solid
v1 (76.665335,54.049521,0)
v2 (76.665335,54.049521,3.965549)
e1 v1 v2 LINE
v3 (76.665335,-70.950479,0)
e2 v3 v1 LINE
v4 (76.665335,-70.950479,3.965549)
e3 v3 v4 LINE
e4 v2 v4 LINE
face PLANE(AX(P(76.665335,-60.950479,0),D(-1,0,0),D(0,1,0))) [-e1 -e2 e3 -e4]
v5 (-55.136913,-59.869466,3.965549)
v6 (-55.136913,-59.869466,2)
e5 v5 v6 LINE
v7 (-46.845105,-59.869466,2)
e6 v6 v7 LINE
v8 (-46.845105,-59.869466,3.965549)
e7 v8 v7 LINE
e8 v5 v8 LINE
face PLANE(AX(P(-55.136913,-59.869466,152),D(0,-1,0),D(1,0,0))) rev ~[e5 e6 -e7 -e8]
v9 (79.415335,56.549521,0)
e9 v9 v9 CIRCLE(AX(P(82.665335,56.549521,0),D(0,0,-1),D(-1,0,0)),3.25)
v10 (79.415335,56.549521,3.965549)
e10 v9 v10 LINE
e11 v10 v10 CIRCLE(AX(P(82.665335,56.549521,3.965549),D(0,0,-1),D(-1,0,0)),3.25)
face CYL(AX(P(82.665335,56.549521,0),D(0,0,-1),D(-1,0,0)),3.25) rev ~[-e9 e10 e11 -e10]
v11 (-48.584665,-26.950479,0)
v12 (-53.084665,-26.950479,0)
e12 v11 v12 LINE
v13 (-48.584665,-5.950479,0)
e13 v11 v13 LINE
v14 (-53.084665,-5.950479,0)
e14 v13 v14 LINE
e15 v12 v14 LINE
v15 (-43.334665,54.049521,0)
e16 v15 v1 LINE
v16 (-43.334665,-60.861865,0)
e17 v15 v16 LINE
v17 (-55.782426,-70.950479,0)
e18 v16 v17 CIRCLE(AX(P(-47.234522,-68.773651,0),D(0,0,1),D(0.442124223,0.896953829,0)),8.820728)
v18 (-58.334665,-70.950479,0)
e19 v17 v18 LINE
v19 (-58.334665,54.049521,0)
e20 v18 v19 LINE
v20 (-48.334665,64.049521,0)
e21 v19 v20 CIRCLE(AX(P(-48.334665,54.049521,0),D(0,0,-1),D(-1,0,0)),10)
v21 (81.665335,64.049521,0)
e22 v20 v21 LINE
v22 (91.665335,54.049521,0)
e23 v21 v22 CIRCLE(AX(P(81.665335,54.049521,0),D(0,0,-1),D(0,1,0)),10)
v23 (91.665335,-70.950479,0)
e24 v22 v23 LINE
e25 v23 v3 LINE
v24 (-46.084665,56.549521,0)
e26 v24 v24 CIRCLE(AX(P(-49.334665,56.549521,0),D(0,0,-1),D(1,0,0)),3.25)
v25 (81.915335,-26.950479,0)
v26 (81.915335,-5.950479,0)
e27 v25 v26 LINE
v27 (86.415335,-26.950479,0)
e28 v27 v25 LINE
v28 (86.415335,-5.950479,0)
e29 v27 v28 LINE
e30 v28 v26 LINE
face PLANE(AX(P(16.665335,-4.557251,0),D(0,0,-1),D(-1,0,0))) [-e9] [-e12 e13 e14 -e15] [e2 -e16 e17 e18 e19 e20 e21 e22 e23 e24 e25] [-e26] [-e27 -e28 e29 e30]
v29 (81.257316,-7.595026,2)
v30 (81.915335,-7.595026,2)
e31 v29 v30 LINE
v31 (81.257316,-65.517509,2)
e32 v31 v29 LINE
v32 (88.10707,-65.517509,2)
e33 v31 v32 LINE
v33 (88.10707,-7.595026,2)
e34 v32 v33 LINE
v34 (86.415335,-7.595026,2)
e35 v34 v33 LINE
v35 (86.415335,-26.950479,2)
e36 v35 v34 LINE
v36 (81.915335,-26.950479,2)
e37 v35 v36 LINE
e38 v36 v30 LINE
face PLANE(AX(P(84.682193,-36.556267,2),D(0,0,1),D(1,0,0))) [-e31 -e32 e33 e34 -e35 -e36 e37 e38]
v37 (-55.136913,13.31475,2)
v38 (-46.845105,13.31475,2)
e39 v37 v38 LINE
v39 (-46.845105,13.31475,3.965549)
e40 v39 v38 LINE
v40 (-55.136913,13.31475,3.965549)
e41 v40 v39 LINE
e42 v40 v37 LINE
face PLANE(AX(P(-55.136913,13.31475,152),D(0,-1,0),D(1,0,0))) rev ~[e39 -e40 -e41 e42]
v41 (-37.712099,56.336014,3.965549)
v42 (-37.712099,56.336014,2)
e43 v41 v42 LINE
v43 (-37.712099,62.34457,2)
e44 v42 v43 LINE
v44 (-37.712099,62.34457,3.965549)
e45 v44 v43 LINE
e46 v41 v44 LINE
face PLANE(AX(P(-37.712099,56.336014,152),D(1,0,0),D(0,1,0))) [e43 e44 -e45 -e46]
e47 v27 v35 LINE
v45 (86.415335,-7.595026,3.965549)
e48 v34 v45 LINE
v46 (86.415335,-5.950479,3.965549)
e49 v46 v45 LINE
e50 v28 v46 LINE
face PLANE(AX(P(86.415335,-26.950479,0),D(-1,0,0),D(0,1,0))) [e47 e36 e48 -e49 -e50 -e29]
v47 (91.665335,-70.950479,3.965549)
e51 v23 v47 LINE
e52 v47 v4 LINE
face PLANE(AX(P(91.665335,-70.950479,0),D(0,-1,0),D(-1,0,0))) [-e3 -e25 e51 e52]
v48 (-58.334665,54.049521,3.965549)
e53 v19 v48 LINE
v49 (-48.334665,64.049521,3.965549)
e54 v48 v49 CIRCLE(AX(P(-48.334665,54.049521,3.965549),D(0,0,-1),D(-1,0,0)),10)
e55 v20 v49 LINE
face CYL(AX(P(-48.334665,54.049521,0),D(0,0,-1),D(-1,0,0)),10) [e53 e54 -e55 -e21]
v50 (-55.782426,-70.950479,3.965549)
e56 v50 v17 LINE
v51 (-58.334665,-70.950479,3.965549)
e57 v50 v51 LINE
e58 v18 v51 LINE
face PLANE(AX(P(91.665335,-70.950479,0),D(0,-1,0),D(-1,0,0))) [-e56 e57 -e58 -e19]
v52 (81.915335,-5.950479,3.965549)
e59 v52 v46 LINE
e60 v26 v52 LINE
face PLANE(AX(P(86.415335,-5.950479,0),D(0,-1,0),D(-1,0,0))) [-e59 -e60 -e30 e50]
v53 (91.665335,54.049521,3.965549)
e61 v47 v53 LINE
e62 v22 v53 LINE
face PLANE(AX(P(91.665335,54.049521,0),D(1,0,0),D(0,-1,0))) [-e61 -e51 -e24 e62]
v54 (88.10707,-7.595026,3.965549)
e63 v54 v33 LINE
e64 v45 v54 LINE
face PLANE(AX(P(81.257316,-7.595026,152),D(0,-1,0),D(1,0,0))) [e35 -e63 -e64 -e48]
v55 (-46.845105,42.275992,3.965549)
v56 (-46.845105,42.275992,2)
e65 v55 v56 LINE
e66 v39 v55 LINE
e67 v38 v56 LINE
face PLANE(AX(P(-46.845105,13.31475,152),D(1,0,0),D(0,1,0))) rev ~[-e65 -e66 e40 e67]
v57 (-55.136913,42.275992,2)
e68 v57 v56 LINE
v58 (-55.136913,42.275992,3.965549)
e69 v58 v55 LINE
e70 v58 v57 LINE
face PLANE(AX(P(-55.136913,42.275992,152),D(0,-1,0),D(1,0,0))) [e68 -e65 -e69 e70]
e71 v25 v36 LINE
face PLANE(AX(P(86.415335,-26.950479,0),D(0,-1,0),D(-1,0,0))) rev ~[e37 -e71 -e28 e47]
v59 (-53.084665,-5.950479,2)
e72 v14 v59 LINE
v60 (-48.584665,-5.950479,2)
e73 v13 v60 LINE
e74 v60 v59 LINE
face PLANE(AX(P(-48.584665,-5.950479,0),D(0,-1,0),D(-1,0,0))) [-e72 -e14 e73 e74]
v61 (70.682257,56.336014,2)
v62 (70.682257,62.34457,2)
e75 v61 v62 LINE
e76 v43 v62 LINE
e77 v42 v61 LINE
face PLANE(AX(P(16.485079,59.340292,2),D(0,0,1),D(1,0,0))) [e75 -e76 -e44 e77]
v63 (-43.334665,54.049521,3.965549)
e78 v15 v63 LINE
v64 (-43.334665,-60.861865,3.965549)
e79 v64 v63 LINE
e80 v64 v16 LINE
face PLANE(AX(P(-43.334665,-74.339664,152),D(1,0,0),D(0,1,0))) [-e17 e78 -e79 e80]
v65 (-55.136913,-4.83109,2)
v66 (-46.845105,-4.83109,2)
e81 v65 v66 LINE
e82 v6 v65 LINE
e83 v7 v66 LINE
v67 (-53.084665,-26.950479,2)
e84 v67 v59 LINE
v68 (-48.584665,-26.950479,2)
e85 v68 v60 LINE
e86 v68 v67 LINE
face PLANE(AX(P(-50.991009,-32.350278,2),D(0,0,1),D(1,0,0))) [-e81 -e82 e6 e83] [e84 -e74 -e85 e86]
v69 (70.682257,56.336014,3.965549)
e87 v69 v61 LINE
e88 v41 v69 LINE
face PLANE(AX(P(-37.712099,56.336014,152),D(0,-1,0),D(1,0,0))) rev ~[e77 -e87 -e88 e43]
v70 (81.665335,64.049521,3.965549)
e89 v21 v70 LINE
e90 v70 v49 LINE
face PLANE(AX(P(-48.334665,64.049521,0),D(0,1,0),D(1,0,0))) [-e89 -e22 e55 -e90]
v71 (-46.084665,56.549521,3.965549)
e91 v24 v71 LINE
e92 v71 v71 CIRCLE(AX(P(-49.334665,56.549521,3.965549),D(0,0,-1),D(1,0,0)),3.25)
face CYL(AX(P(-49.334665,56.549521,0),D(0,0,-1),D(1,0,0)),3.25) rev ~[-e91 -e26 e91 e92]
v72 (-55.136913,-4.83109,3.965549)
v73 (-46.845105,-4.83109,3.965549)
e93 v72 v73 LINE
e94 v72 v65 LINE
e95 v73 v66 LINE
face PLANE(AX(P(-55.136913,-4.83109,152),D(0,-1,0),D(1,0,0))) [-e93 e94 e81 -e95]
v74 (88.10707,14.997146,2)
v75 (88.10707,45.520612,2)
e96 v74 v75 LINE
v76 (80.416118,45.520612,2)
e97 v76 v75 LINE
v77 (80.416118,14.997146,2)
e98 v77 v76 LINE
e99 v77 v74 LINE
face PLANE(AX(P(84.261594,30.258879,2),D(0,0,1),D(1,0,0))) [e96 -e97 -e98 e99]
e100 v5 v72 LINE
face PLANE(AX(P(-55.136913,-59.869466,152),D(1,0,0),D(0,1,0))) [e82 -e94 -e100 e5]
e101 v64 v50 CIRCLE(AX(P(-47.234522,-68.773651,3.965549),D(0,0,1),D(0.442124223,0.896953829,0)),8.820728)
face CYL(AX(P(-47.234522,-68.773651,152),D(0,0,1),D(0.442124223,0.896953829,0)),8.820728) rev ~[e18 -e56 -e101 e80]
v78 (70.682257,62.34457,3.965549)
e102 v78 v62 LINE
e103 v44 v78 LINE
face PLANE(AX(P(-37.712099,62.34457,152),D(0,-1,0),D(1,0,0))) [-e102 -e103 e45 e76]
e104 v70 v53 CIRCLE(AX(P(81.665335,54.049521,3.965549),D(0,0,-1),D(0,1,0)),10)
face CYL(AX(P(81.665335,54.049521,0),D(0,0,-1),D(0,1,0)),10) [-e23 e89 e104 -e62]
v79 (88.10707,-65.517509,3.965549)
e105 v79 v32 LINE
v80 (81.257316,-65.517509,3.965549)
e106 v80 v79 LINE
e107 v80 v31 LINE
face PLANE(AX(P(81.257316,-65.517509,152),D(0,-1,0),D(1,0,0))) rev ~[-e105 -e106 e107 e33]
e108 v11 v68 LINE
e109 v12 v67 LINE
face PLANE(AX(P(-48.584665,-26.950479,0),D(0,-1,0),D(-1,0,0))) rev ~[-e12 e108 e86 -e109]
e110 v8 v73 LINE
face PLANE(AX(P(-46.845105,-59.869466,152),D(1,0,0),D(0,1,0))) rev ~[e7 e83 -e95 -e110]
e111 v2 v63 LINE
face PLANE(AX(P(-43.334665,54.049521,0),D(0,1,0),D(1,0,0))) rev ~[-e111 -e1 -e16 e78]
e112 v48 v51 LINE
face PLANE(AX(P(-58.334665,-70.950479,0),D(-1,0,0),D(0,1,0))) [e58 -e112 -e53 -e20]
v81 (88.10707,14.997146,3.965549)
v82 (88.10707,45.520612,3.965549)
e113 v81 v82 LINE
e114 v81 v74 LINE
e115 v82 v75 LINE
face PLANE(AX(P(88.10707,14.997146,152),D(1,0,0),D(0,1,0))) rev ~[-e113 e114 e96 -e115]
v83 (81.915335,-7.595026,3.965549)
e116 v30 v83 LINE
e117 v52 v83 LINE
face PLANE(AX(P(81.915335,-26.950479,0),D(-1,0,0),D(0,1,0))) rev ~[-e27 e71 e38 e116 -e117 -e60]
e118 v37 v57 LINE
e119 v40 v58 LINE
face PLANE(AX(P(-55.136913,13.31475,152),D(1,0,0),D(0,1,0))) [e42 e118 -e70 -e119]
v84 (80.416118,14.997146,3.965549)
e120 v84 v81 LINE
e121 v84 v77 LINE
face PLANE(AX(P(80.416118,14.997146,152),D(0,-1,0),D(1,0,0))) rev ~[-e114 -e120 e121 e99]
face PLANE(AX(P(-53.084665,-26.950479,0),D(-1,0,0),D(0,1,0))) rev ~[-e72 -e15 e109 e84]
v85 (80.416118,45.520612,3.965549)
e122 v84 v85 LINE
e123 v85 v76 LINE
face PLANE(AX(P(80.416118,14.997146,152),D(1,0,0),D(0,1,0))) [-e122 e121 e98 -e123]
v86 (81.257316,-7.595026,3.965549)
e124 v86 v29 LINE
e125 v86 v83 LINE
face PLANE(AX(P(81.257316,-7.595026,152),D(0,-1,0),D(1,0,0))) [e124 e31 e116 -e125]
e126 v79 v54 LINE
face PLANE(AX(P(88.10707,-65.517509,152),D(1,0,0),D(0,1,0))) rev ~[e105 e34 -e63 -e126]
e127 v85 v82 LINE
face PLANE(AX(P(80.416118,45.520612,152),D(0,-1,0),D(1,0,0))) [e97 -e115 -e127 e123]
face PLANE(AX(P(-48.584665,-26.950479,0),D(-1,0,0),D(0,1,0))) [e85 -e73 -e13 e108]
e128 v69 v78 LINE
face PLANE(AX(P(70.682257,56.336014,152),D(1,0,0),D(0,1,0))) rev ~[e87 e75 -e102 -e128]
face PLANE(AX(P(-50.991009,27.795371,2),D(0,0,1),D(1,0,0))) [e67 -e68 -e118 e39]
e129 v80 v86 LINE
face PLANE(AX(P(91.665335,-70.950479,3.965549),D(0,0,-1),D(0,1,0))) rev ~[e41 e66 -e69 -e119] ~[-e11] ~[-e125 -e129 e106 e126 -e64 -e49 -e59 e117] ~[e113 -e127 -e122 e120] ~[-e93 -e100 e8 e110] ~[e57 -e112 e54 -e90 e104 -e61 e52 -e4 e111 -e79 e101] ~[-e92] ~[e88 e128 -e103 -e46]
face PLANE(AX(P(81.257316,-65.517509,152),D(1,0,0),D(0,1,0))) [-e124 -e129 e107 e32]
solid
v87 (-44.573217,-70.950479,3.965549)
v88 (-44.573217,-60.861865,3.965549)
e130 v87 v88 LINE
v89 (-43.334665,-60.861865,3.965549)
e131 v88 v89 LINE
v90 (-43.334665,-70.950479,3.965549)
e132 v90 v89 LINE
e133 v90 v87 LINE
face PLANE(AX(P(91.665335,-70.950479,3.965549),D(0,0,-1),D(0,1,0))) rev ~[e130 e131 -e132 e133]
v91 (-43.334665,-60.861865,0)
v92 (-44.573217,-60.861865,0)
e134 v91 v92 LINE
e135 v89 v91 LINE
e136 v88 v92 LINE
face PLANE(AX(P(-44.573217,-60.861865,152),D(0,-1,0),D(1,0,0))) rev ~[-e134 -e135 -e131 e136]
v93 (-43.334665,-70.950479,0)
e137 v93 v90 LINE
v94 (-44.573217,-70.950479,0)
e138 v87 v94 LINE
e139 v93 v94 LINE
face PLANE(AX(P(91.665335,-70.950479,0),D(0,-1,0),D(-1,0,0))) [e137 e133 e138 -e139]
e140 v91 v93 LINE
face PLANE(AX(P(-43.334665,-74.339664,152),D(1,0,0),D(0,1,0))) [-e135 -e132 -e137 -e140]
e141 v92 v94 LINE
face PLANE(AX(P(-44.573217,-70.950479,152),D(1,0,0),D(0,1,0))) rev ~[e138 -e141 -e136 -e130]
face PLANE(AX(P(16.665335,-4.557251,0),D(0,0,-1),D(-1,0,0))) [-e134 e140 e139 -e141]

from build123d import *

# Parameters (mm, degrees)
SKETCH2_W           = 120
SKETCH2_H           = 115
BOSS_EXTRUDE1_DEPTH = 152
SKETCH3_W           = 120
SKETCH3_H           = 13.389184999
CUT_EXTRUDE1_DEPTH  = 192.155706765
SKETCH5_R           = 3.25
CUT_EXTRUDE2_DEPTH  = 30
SKETCH6_W           = 4.5
SKETCH6_H           = 21
CUT_EXTRUDE4_DEPTH  = 16
SKETCH7_R           = 3.25
CUT_EXTRUDE5_DEPTH  = 15
SKETCH8_W           = 8.291807731
SKETCH8_H           = 28.961241497
SKETCH8_H_2         = 55.038375958
SKETCH8_W_2         = 108.394356143
SKETCH8_H_3         = 6.008556327
SKETCH8_W_3         = 7.690952099
SKETCH8_H_4         = 30.523466142
SKETCH8_W_4         = 6.849754213
SKETCH8_H_5         = 57.922482994
CUT_EXTRUDE6_DEPTH  = 150
CUT_EXTRUDE7_DEPTH  = 192.155706765
SKETCH10_W          = 148.03445097
SKETCH10_H          = 135
CUT_EXTRUDE8_DEPTH  = 226.028821495


with BuildPart() as part:
    # Sketch2 → Boss-Extrude1 (new body)
    with BuildSketch(Plane.XY):
        with BuildLine():
            Line((-48.334664537, 64.049520767), (81.665335463, 64.049520767))
            ThreePointArc((81.665335463, 64.049520767), (88.736403275, 61.120588579), (91.665335463, 54.049520767))
            Line((91.665335463, 54.049520767), (91.665335463, -70.950479233))
            Line((91.665335463, -70.950479233), (-58.334664537, -70.950479233))
            Line((-58.334664537, -70.950479233), (-58.334664537, 54.049520767))
            ThreePointArc((-58.334664537, 54.049520767), (-55.405732349, 61.120588579), (-48.334664537, 64.049520767))
        make_face()
        with Locations((16.665335463, -3.450479233)):
            Rectangle(SKETCH2_W, SKETCH2_H, mode=Mode.SUBTRACT)
    extrude(amount=BOSS_EXTRUDE1_DEPTH)

    # Sketch3 → Cut-Extrude1 (cut, through all)
    with BuildSketch(Plane.XY.offset(152)):
        with Locations((16.665335463, -67.645071732)):
            Rectangle(SKETCH3_W, SKETCH3_H)
    extrude(amount=-CUT_EXTRUDE1_DEPTH, mode=Mode.SUBTRACT)

    # Sketch5 → Cut-Extrude2 (cut)
    with BuildSketch(Plane(origin=(0, 0, 0), x_dir=(-1, 0, 0), z_dir=(0, 0, -1))):
        with Locations((-82.665335463, 56.549520767)):
            Circle(SKETCH5_R)
        with Locations((49.334664537, 56.549520767)):
            Circle(SKETCH5_R)
    extrude(amount=-CUT_EXTRUDE2_DEPTH, mode=Mode.SUBTRACT)

    # Sketch6 → Cut-Extrude4 (cut)
    with BuildSketch(Plane(origin=(0, 0, 0), x_dir=(-1, 0, 0), z_dir=(0, 0, -1))):
        with Locations((50.834664537, -16.450479233)):
            Rectangle(SKETCH6_W, SKETCH6_H)
        with Locations((-84.165335463, -16.450479233)):
            Rectangle(SKETCH6_W, SKETCH6_H)
    extrude(amount=-CUT_EXTRUDE4_DEPTH, mode=Mode.SUBTRACT)

    # Sketch7 → Cut-Extrude5 (cut)
    with BuildSketch(Plane.XY.offset(152)):
        with Locations((-50.834664537, 55.049520767)):
            Circle(SKETCH7_R)
        with Locations((-50.834664537, 4.049520767)):
            Circle(SKETCH7_R)
        with Locations((84.165335463, 4.049520767)):
            Circle(SKETCH7_R)
        with Locations((84.165335463, 55.049520767)):
            Circle(SKETCH7_R)
    extrude(amount=-CUT_EXTRUDE5_DEPTH, mode=Mode.SUBTRACT)

    # Sketch8 → Cut-Extrude6 (cut)
    with BuildSketch(Plane.XY.offset(152)):
        with Locations((-50.991008781, 27.795371112)):
            Rectangle(SKETCH8_W, SKETCH8_H)
        with Locations((-50.991008781, -32.350277723)):
            Rectangle(SKETCH8_W, SKETCH8_H_2)
        with Locations((16.485078773, 59.340291831)):
            Rectangle(SKETCH8_W_2, SKETCH8_H_3)
        with Locations((84.261594145, 30.258879207)):
            Rectangle(SKETCH8_W_3, SKETCH8_H_4)
        with Locations((84.682193087, -36.556267152)):
            Rectangle(SKETCH8_W_4, SKETCH8_H_5)
    extrude(amount=-CUT_EXTRUDE6_DEPTH, mode=Mode.SUBTRACT)

    # Sketch9 → Cut-Extrude7 (cut, through all)
    with BuildSketch(Plane.XY.offset(152)):
        with BuildLine():
            Line((-55.78242584, -70.950479233), (-44.573216516, -70.950479233))
            Line((-44.573216516, -70.950479233), (-44.573216516, -60.861864812))
            Line((-44.573216516, -60.861864812), (-43.334664537, -60.861864812))
            ThreePointArc((-43.334664537, -60.861864812), (-52.78845028, -61.92097783), (-55.78242584, -70.950479233))
        make_face()
    extrude(amount=-CUT_EXTRUDE7_DEPTH, mode=Mode.SUBTRACT)


with BuildPart() as cut_extrude7_piece_1:
    # of the separate pieces the step leaves, piece 1, a body of its own (cut_extrude7_pieces)
    add(part.part.solids().sort_by_distance((-48.334664537, 64.049520767, 0))[0])


with BuildPart() as cut_extrude7_piece_2:
    # of the separate pieces the step leaves, piece 2, a body of its own (cut_extrude7_pieces)
    add(part.part.solids().sort_by_distance((-43.334664537, -70.950479233, 0))[0])


with BuildPart() as cut_extrude8_tool:
    # Sketch10 → Cut-Extrude8 (new, through all)
    with BuildSketch(Plane(origin=(91.665335463, 0, 0), x_dir=(0, 0, -1), z_dir=(1, 0, 0))):
        with Locations((-77.982774515, -3.450479233)):
            Rectangle(SKETCH10_W, SKETCH10_H)
    extrude(amount=-CUT_EXTRUDE8_DEPTH)


with BuildPart() as cut_extrude7_piece_1_1:
    add(cut_extrude7_piece_1.part)

    # Cut-Extrude8: cut by cut_extrude8_tool
    add(cut_extrude8_tool.part, mode=Mode.SUBTRACT)


with BuildPart() as cut_extrude7_piece_2_1:
    add(cut_extrude7_piece_2.part)

    # Cut-Extrude8: cut by cut_extrude8_tool
    add(cut_extrude8_tool.part, mode=Mode.SUBTRACT)


solid = Compound([cut_extrude7_piece_1_1.part, cut_extrude7_piece_2_1.part])
